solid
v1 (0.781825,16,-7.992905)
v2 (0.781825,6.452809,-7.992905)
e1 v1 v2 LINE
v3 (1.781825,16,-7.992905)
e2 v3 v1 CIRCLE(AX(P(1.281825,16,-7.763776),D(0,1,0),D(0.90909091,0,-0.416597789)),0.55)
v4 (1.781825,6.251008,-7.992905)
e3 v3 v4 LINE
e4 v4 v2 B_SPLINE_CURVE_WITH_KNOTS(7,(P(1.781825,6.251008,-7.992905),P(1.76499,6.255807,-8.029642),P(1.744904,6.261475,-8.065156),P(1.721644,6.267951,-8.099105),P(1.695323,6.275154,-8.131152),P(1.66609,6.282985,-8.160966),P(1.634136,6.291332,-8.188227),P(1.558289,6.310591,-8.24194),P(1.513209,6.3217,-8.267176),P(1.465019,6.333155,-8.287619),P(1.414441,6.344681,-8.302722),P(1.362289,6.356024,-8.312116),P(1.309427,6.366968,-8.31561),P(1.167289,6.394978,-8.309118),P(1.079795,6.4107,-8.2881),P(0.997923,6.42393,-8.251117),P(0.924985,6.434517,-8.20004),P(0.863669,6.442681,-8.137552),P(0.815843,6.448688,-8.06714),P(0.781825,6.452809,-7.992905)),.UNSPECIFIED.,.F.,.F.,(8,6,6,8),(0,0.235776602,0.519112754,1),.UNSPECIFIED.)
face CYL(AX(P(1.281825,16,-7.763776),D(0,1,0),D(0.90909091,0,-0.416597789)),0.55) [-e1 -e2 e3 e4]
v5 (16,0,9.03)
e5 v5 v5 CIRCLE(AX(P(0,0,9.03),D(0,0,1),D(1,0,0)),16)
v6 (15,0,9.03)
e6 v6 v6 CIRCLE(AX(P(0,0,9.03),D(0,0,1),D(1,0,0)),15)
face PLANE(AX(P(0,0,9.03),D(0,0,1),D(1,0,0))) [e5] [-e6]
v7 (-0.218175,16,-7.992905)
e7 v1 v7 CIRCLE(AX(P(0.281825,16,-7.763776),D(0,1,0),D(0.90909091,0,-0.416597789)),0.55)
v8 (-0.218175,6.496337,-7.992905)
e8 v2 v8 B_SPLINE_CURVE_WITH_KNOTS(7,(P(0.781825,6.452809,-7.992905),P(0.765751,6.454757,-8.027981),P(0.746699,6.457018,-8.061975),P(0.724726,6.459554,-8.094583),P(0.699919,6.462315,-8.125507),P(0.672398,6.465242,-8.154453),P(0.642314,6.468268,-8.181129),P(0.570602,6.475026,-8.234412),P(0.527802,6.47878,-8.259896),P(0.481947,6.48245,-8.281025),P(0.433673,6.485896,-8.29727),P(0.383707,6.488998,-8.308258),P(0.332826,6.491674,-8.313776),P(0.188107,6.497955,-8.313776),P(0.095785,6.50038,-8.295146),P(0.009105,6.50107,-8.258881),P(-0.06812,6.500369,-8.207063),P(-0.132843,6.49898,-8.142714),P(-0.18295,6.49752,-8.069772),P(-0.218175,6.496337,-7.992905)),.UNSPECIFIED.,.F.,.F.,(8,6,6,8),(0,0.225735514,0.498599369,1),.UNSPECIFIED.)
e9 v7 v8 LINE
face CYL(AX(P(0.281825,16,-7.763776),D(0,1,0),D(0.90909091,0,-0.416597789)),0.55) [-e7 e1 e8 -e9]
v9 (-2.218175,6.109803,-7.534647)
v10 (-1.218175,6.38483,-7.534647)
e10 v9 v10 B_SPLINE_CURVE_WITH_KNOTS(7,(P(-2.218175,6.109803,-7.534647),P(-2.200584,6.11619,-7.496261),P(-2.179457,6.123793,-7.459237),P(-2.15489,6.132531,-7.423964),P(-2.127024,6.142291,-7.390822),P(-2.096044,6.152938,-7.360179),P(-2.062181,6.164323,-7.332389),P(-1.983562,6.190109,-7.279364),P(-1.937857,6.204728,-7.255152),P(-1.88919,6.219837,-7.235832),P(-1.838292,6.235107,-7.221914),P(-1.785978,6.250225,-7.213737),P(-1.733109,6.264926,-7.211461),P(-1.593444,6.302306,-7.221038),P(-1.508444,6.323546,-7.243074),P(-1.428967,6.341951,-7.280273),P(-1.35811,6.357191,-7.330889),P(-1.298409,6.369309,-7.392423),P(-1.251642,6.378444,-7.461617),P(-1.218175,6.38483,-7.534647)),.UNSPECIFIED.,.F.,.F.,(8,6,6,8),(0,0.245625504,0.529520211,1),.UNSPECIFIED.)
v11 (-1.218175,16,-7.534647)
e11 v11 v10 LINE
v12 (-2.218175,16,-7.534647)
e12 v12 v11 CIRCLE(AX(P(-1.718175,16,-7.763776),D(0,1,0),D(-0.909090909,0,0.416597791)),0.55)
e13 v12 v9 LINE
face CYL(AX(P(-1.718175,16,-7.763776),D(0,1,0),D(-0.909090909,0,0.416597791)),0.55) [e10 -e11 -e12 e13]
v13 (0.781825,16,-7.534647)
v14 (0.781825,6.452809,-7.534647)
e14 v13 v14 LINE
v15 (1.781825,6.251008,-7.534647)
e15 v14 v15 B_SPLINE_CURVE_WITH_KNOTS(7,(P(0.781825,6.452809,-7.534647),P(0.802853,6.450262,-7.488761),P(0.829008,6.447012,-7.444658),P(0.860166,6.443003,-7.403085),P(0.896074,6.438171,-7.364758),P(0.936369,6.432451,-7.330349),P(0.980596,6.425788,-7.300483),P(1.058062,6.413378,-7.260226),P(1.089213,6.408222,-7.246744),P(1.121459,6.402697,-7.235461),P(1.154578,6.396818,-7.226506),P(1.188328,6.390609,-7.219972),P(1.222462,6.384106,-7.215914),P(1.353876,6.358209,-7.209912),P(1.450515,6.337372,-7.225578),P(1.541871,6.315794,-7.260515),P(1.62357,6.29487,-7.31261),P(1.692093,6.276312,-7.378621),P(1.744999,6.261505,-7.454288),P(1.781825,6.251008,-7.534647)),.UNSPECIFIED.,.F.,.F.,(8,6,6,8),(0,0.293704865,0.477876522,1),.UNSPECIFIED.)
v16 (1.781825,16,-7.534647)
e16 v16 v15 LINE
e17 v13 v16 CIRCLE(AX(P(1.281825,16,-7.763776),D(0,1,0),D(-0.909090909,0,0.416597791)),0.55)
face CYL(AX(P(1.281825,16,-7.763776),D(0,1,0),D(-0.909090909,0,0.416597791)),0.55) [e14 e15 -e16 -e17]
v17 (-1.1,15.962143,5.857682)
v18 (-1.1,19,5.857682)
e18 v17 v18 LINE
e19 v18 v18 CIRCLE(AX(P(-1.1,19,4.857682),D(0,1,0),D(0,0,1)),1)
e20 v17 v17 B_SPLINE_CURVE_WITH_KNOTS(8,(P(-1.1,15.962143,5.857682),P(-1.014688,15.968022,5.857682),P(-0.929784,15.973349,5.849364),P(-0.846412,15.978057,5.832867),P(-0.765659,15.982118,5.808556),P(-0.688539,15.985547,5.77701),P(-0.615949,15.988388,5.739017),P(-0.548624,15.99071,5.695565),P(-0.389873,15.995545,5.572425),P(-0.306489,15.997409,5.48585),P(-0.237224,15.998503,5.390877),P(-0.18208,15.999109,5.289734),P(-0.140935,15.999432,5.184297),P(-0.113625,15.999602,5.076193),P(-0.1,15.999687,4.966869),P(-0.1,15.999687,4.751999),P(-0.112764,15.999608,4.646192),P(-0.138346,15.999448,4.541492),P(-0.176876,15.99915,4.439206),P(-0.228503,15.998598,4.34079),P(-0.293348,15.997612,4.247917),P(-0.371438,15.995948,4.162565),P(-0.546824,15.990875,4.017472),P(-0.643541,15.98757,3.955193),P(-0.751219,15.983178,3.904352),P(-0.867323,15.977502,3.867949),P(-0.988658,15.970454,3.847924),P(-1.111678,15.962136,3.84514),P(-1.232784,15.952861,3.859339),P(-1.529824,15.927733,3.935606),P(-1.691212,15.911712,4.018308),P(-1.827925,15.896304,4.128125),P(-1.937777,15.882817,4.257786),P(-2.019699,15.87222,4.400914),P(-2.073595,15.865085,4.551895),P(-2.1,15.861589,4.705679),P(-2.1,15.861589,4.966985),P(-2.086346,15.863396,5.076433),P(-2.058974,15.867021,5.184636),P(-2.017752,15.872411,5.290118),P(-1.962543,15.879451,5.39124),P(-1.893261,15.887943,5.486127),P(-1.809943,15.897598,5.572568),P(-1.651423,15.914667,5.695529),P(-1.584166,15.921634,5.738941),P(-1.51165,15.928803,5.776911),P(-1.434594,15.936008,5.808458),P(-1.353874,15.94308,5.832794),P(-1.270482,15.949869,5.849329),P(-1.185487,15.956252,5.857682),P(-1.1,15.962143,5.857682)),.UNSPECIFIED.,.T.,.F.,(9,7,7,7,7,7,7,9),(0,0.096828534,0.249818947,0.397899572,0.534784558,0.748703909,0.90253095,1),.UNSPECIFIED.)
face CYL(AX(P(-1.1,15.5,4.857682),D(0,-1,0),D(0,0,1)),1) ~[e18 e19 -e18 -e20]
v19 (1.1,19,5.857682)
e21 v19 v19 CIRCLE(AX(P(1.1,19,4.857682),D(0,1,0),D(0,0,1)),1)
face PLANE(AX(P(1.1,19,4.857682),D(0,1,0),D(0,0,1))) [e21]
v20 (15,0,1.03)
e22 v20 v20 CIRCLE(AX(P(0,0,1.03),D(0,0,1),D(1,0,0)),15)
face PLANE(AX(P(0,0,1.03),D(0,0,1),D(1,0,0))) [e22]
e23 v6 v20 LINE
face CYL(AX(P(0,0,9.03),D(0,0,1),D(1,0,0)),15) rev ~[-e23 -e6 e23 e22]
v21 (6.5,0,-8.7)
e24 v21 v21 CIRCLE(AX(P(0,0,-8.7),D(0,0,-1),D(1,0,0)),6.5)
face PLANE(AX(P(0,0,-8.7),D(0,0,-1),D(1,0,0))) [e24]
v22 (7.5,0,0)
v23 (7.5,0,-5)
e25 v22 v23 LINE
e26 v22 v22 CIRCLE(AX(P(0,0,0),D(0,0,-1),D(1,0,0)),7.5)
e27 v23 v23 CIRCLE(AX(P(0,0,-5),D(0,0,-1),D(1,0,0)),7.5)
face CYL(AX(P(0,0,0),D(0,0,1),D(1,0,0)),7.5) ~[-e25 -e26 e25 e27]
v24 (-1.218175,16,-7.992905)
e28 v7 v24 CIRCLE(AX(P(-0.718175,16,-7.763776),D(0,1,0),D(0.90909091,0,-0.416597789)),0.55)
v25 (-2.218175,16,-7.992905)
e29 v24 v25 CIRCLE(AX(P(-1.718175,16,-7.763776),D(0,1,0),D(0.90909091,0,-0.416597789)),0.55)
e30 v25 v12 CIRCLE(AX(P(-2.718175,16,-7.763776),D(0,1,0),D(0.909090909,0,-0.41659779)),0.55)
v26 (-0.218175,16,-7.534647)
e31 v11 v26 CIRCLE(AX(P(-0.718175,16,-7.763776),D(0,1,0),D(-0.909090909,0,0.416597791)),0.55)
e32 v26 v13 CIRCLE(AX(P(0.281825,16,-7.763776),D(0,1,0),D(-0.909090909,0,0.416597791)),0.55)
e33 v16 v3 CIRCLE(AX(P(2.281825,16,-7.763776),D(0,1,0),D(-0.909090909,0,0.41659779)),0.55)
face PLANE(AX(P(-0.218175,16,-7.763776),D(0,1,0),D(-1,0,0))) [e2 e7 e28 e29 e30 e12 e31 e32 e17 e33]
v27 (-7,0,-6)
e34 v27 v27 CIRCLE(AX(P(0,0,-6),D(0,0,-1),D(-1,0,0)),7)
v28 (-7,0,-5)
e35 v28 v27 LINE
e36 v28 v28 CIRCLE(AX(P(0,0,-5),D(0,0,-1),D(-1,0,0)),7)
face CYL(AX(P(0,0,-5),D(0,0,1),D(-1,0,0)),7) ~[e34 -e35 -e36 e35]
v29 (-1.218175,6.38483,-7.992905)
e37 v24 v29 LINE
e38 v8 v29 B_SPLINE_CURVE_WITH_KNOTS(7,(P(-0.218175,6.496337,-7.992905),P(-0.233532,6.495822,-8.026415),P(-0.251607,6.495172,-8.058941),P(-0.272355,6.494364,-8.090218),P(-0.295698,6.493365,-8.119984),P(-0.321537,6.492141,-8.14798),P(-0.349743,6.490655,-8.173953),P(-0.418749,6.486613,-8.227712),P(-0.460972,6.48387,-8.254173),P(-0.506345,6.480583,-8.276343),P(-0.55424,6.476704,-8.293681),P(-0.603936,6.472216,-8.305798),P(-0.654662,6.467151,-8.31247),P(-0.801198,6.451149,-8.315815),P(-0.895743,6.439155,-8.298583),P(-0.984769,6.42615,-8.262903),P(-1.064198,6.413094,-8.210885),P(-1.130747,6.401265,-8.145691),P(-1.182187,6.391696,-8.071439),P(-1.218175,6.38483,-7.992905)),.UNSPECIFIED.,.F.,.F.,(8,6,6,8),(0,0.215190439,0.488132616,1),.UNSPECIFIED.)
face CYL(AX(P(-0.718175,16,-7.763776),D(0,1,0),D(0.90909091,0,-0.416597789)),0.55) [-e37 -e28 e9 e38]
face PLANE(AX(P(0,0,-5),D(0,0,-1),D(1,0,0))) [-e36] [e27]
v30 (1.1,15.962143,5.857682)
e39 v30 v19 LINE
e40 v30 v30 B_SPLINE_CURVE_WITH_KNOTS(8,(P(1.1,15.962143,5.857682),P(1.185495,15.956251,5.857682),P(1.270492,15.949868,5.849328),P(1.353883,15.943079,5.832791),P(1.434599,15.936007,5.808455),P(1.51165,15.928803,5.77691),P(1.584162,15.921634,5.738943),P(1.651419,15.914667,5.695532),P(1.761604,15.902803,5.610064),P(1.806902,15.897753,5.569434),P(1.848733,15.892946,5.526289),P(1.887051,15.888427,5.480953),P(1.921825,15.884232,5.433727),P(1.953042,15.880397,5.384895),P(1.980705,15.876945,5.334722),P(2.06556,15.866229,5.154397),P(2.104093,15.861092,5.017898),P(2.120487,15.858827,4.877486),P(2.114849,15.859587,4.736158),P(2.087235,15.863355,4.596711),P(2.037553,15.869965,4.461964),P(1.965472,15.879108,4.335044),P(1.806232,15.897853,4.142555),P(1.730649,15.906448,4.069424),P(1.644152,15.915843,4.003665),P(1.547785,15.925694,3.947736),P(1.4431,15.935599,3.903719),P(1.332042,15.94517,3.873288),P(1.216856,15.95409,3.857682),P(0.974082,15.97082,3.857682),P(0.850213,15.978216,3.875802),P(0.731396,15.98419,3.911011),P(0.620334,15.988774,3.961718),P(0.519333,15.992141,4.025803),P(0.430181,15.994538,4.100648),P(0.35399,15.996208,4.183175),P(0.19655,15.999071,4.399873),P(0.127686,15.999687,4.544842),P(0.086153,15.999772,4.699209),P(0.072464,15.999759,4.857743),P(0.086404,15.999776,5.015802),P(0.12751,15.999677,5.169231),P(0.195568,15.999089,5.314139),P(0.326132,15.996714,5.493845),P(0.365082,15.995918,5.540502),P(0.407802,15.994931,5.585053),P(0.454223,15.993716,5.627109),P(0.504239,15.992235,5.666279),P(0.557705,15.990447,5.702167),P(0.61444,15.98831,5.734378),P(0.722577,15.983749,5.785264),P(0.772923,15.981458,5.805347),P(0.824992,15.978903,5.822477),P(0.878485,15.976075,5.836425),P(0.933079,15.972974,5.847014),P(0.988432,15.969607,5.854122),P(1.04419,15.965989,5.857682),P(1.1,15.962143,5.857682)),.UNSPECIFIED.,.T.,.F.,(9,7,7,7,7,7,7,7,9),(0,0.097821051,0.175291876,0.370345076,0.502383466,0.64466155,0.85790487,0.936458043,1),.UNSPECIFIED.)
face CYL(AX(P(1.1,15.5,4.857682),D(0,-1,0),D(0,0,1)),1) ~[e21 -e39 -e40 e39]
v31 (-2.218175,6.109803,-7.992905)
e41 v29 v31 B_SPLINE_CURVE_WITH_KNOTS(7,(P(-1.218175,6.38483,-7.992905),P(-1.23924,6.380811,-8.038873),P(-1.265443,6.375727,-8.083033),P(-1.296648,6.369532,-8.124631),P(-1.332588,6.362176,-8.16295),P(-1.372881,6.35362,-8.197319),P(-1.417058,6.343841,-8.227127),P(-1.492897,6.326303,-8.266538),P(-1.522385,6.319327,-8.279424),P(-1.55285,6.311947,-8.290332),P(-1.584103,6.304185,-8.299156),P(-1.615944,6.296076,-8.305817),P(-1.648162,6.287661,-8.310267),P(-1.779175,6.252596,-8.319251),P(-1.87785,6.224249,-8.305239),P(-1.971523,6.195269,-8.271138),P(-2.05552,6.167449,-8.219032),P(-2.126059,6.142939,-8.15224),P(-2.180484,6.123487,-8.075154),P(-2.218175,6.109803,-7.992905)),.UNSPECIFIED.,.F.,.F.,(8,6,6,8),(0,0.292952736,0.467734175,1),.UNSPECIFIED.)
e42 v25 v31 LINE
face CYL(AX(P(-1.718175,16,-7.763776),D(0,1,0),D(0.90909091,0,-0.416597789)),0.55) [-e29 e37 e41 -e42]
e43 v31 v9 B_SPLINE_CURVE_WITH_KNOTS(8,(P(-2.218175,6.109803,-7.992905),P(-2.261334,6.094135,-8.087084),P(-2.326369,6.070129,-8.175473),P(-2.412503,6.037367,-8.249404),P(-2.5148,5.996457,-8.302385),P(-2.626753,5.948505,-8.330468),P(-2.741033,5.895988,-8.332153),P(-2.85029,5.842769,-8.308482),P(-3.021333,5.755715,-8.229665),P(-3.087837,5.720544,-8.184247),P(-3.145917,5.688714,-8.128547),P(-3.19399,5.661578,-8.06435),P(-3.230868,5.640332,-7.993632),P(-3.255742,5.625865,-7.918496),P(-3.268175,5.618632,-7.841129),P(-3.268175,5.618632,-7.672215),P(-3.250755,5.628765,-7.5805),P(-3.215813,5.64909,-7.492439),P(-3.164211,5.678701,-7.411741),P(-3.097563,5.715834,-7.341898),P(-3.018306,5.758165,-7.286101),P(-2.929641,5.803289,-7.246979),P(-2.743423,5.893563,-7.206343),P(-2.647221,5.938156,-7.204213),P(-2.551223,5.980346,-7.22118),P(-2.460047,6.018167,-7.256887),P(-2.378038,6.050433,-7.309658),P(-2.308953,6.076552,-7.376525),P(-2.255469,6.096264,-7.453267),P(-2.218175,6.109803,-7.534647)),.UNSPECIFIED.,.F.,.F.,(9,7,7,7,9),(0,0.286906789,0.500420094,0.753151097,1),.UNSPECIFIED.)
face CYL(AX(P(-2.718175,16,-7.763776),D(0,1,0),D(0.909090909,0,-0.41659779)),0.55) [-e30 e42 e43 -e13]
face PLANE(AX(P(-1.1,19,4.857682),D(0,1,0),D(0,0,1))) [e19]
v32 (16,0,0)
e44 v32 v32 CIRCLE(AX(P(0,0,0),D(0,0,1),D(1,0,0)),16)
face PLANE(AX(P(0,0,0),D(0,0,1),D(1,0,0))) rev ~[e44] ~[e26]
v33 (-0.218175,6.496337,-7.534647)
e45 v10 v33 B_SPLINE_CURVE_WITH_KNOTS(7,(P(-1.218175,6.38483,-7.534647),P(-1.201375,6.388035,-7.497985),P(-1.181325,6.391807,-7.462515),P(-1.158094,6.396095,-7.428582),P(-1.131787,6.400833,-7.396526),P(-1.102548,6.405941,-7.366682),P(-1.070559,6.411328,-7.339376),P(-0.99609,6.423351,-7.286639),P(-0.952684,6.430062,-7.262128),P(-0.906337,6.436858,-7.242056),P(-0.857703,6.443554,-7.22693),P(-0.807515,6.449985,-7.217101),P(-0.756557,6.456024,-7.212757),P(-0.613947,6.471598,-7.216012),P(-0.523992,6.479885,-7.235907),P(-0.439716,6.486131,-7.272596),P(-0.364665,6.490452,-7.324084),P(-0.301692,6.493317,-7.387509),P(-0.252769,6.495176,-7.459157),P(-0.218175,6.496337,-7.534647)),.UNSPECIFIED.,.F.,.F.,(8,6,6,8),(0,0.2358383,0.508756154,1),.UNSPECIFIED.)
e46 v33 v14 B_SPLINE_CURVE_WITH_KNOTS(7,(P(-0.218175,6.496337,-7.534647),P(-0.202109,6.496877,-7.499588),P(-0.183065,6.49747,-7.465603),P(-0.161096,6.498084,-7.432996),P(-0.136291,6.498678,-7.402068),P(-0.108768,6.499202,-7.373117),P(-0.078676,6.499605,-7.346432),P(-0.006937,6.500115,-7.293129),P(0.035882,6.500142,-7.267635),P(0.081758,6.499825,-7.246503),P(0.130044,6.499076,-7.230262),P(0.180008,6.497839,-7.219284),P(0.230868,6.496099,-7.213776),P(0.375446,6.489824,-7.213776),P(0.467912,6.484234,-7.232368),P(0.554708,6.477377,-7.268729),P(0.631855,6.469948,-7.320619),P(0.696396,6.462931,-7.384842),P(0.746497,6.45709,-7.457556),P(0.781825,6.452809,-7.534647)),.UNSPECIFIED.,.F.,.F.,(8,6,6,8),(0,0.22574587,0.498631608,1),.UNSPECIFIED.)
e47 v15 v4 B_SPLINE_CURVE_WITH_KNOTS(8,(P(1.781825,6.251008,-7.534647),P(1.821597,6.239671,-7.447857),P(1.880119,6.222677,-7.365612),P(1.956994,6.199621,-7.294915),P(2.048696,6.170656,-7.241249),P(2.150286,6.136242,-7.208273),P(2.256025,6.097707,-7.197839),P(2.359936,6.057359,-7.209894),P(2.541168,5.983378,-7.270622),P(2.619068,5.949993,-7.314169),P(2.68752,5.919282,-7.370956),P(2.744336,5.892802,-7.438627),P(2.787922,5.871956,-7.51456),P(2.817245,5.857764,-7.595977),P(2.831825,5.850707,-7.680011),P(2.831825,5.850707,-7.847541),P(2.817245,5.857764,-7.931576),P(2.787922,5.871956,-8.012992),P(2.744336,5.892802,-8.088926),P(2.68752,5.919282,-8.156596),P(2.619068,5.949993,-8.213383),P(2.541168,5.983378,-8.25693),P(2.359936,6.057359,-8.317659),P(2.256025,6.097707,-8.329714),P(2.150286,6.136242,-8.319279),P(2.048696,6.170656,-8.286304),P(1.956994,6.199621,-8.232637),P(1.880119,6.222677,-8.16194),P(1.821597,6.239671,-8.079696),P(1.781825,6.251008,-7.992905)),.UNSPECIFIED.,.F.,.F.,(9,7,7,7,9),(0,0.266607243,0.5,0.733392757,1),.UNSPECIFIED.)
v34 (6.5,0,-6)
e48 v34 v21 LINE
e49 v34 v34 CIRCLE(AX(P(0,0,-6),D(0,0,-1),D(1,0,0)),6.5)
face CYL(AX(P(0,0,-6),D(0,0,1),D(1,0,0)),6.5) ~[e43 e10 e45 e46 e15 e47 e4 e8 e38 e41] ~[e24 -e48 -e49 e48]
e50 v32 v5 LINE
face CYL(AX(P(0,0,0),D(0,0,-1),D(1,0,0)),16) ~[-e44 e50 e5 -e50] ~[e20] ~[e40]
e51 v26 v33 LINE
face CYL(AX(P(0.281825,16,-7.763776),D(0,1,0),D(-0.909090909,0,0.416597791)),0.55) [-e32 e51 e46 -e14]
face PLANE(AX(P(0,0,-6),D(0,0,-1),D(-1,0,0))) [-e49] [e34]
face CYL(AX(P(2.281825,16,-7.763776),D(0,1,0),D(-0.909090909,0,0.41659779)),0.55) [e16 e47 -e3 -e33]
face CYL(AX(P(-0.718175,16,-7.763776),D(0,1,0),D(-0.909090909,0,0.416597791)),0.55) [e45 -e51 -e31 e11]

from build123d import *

# Parameters (mm, degrees)
ESQUISSE1_R             = 16
BOSS_EXTRU_1_DEPTH      = 9.03
ESQUISSE2_R             = 15
ENL_V_MAT_EXTRU_1_DEPTH = 8
ESQUISSE3_R             = 7.5
BOSS_EXTRU_2_DEPTH      = 5
ESQUISSE4_R             = 7
BOSS_EXTRU_3_DEPTH      = 1
ESQUISSE5_R             = 6.5
BOSS_EXTRU_4_DEPTH      = 2.7
BOSS_EXTRU_5_DEPTH      = 3
BOSS_EXTRU_5_DEPTH_BACK = 0.5
ESQUISSE6_R             = 1
BOSS_EXTRU_9_DEPTH      = 12


with BuildPart() as part:
    # Esquisse1 → Boss.-Extru.1 (new body)
    with BuildSketch(Plane.XY):
        Circle(ESQUISSE1_R)
    extrude(amount=BOSS_EXTRU_1_DEPTH)

    # Esquisse2 → Enlèv. mat.-Extru.1 (cut)
    with BuildSketch(Plane.XY.offset(9.03)):
        Circle(ESQUISSE2_R)
    extrude(amount=-ENL_V_MAT_EXTRU_1_DEPTH, mode=Mode.SUBTRACT)

    # Esquisse3 → Boss.-Extru.2 (add)
    with BuildSketch(Plane(origin=(0, 0, 0), x_dir=(-1, 0, 0), z_dir=(0, 0, -1))):
        with Locations(Location((0, 0, 0), (0, 0, 180))):
            Circle(ESQUISSE3_R)
    extrude(amount=BOSS_EXTRU_2_DEPTH)

    # Esquisse4 → Boss.-Extru.3 (add)
    with BuildSketch(Plane(origin=(0, 0, -5), x_dir=(-1, 0, 0), z_dir=(0, 0, -1))):
        Circle(ESQUISSE4_R)
    extrude(amount=BOSS_EXTRU_3_DEPTH)

    # Esquisse5 → Boss.-Extru.4 (add)
    with BuildSketch(Plane(origin=(0, 0, -6), x_dir=(-1, 0, 0), z_dir=(0, 0, -1))):
        with Locations(Location((0, 0, 0), (0, 0, 180))):
            Circle(ESQUISSE5_R)
    extrude(amount=BOSS_EXTRU_4_DEPTH)

    # Esquisse6 → Boss.-Extru.5 (add, two sides: drawn at the far end of the back side and taken through both)
    with BuildSketch(Plane(origin=(0, 16, 0), x_dir=(-1, 0, 0), z_dir=(0, 1, 0)).offset(-BOSS_EXTRU_5_DEPTH_BACK)):
        with Locations(Location((1.1, 4.857681609, 0), (0, 0, 90))):
            Circle(ESQUISSE6_R)
        with Locations(Location((-1.1, 4.857681609, 0), (0, 0, 90))):
            Circle(ESQUISSE6_R)
    extrude(amount=BOSS_EXTRU_5_DEPTH + BOSS_EXTRU_5_DEPTH_BACK)

    # Esquisse7 → Boss.-Extru.9 (add)
    with BuildSketch(Plane(origin=(0, 16, 0), x_dir=(-1, 0, 0), z_dir=(0, 1, 0))):
        with BuildLine():
            ThreePointArc((2.218175405, -7.992904998), (3.268175405, -7.763776214), (2.218175405, -7.534647429))
            ThreePointArc((2.218175405, -7.534647429), (1.718175405, -7.213776214), (1.218175405, -7.534647429))
            ThreePointArc((1.218175405, -7.534647429), (0.718175405, -7.213776214), (0.218175405, -7.534647429))
            ThreePointArc((0.218175405, -7.534647429), (-0.281824595, -7.213776214), (-0.781824595, -7.534647429))
            ThreePointArc((-0.781824595, -7.534647429), (-1.281824595, -7.213776214), (-1.781824595, -7.534647429))
            ThreePointArc((-1.781824595, -7.534647429), (-2.831824595, -7.763776214), (-1.781824595, -7.992904998))
            ThreePointArc((-1.781824595, -7.992904998), (-1.281824595, -8.313776214), (-0.781824595, -7.992904998))
            ThreePointArc((-0.781824595, -7.992904998), (-0.281824595, -8.313776214), (0.218175405, -7.992904998))
            ThreePointArc((0.218175405, -7.992904998), (0.718175405, -8.313776214), (1.218175405, -7.992904998))
            ThreePointArc((1.218175405, -7.992904998), (1.718175405, -8.313776214), (2.218175405, -7.992904998))
        make_face()
    extrude(amount=-BOSS_EXTRU_9_DEPTH)


solid = part.part
